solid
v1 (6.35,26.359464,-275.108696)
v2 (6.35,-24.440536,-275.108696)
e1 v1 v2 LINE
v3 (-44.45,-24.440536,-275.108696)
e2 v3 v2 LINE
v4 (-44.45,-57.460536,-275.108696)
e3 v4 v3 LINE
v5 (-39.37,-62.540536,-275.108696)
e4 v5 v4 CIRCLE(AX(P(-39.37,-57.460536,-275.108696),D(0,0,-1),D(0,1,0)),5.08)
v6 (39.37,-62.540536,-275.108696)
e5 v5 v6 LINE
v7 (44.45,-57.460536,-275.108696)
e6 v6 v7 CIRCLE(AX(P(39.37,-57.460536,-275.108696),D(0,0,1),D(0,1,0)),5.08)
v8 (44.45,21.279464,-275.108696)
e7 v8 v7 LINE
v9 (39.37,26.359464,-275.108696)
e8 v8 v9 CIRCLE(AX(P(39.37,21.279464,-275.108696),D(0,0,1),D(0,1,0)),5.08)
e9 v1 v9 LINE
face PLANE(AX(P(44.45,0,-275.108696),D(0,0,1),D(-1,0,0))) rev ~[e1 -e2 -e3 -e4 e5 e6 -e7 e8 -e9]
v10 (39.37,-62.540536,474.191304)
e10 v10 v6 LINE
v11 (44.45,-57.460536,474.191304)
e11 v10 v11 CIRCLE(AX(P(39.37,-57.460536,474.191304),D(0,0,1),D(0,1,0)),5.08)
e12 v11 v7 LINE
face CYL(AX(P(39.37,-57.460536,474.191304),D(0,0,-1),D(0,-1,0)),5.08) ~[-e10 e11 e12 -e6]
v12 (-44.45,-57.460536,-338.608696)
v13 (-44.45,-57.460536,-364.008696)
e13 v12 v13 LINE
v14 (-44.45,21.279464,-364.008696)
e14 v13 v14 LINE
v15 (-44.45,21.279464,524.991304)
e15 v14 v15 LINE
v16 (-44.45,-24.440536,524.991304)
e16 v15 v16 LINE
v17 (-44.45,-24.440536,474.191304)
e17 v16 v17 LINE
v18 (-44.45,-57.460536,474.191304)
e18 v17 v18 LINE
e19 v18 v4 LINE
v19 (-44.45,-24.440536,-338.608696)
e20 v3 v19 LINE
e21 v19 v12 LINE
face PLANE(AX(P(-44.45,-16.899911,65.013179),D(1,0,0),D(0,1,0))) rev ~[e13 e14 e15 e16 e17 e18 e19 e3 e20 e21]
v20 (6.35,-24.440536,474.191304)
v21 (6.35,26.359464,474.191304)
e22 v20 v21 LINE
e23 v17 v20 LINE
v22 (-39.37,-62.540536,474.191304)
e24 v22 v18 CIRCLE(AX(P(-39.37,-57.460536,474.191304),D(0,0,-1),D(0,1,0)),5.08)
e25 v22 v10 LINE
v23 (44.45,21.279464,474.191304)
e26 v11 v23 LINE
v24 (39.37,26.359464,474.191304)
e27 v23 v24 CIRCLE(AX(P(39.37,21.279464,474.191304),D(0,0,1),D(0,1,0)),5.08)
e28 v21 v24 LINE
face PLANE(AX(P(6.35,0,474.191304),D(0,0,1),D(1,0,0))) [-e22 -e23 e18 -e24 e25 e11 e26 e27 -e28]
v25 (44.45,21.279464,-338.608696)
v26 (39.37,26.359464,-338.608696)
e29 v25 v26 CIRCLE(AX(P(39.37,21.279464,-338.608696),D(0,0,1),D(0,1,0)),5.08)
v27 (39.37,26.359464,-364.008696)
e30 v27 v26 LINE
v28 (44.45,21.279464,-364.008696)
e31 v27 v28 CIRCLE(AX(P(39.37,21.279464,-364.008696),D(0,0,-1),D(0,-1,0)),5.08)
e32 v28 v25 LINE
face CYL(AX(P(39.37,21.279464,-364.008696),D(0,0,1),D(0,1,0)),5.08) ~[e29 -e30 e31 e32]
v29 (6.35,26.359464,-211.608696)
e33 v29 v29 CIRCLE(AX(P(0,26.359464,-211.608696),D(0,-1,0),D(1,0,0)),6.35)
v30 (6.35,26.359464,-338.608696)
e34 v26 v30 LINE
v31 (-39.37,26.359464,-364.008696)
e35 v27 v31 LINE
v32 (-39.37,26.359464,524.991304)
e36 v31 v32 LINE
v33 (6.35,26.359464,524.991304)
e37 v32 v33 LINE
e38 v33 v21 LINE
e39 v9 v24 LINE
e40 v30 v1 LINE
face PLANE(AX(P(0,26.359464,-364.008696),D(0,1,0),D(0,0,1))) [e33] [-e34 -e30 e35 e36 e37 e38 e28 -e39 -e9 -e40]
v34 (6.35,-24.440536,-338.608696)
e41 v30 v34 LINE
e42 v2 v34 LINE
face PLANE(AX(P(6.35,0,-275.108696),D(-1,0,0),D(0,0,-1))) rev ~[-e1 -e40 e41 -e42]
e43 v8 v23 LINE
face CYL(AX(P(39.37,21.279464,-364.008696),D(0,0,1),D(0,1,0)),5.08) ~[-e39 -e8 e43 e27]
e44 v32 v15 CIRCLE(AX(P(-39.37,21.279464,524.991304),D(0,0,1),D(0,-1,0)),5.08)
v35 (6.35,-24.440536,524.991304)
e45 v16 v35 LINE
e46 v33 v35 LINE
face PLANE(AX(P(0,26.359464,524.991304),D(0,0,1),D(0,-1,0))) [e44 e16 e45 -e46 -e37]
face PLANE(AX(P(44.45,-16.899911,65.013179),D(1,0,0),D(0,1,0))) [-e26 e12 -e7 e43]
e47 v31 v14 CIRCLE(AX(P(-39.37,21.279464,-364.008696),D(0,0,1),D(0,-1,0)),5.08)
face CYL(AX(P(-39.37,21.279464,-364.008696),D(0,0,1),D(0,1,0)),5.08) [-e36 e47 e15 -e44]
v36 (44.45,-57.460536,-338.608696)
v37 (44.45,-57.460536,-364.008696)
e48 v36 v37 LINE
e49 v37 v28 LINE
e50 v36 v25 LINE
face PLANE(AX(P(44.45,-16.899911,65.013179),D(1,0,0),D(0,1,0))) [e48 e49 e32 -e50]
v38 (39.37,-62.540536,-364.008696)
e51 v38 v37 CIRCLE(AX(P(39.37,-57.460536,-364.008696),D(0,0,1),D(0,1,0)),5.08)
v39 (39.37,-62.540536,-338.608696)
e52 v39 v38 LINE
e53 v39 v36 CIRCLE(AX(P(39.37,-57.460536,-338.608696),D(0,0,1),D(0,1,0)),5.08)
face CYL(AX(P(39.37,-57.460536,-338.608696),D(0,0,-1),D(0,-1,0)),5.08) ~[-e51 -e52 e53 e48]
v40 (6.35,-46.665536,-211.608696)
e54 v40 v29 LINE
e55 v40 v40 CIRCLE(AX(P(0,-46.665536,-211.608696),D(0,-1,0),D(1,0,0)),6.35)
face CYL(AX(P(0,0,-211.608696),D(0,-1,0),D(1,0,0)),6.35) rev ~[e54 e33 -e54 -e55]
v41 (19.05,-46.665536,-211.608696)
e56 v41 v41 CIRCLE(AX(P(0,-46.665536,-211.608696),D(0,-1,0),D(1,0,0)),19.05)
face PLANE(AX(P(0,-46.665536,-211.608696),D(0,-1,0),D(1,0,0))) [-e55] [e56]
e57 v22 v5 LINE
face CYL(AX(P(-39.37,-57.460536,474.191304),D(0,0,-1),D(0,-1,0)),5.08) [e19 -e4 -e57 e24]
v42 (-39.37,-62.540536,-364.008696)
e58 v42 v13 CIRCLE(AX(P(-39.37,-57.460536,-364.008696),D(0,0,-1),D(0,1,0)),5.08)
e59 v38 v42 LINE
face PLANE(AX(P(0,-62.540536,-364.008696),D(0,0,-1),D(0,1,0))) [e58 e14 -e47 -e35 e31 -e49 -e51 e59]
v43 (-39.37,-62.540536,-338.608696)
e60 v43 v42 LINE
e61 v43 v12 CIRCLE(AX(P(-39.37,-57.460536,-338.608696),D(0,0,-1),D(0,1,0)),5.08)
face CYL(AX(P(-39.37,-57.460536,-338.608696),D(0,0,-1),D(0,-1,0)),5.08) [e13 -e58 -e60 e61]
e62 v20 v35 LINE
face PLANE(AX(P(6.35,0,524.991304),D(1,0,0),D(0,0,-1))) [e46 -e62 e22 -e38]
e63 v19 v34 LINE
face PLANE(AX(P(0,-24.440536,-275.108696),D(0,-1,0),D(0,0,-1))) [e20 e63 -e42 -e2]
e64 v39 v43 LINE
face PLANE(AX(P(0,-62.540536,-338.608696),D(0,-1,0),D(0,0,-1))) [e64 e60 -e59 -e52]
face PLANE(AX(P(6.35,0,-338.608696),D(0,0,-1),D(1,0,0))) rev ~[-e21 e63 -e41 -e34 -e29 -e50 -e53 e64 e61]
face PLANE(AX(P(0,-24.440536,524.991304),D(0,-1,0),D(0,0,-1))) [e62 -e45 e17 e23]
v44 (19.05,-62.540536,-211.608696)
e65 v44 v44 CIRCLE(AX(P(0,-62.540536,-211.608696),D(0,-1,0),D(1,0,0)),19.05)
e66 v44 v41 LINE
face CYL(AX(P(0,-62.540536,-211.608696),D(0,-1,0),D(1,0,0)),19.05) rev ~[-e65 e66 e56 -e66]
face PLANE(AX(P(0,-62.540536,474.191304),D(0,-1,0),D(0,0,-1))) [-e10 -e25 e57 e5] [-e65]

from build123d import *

# Parameters (mm, degrees)
F1_DEPTH      = 44.45
F2_R          = 5.08
F4_DEPTH      = 50.8
F5_R          = 6.35
F6_DEPTH      = 26.360464475
F6_DEPTH_BACK = 62.541535525
F7_R          = 19.05
F7_R_2        = 6.35
F8_DEPTH      = 15.875


with BuildPart() as f1:
    # F0 (on Right) → F1 (new body, symmetric)
    with BuildSketch(Plane.YZ):
        Polygon((26.359464475, -364.0086964671), (26.359464475, 524.9913035329), (-24.440535525, 524.9913035329), (-24.440535525, 474.1913035329), (-62.540535525, 474.1913035329), (-62.540535525, -275.1086964671), (-24.440535525, -275.1086964671), (-24.440535525, -338.6086964671), (-62.540535525, -338.6086964671), (-62.540535525, -364.0086964671), align=None)
    extrude(amount=F1_DEPTH, both=True)

    # F2
    f2_edges = [f1.edges().sort_by_distance(p)[0] for p in [
        (44.45, -62.540536, 99.541304),
        (44.45, -62.540536, -351.308696),
        (-44.45, -62.540536, -351.308696),
        (-44.45, -62.540536, 99.541304),
        (44.45, 26.359464, 80.491304),
        (-44.45, 26.359464, 80.491304),
    ]]
    fillet(f2_edges, radius=F2_R)

    # F3 (on Front) → F4 (cut, symmetric)
    with BuildSketch(Plane.XZ):
        Polygon((44.45, 474.1913035329), (44.45, 524.9913035329), (6.35, 524.9913035329), (6.35, 474.1913035329), (39.37, 474.1913035329), align=None)
        Polygon((44.45, -275.1086964671), (39.37, -275.1086964671), (6.35, -275.1086964671), (6.35, -338.6086964671), (39.37, -338.6086964671), (44.45, -338.6086964671), align=None)
    extrude(amount=F4_DEPTH, both=True, mode=Mode.SUBTRACT)

    # F5 (on Front) → F6 (cut, two sides)
    with BuildSketch(Plane.XZ) as f6_sk:
        with Locations((0, -211.6086964671)):
            Circle(F5_R)
    extrude(amount=-F6_DEPTH, mode=Mode.SUBTRACT)
    extrude(f6_sk.sketch, amount=F6_DEPTH_BACK, mode=Mode.SUBTRACT)

    # F7 (on face) → F8 (cut)
    with BuildSketch(Plane.XZ.offset(62.540535525)):
        with Locations((0, -211.6086964671)):
            Circle(F7_R)
        with Locations((0, -211.6086964671)):
            Circle(F7_R_2, mode=Mode.SUBTRACT)
    extrude(amount=-F8_DEPTH, mode=Mode.SUBTRACT)


solid = f1.part
